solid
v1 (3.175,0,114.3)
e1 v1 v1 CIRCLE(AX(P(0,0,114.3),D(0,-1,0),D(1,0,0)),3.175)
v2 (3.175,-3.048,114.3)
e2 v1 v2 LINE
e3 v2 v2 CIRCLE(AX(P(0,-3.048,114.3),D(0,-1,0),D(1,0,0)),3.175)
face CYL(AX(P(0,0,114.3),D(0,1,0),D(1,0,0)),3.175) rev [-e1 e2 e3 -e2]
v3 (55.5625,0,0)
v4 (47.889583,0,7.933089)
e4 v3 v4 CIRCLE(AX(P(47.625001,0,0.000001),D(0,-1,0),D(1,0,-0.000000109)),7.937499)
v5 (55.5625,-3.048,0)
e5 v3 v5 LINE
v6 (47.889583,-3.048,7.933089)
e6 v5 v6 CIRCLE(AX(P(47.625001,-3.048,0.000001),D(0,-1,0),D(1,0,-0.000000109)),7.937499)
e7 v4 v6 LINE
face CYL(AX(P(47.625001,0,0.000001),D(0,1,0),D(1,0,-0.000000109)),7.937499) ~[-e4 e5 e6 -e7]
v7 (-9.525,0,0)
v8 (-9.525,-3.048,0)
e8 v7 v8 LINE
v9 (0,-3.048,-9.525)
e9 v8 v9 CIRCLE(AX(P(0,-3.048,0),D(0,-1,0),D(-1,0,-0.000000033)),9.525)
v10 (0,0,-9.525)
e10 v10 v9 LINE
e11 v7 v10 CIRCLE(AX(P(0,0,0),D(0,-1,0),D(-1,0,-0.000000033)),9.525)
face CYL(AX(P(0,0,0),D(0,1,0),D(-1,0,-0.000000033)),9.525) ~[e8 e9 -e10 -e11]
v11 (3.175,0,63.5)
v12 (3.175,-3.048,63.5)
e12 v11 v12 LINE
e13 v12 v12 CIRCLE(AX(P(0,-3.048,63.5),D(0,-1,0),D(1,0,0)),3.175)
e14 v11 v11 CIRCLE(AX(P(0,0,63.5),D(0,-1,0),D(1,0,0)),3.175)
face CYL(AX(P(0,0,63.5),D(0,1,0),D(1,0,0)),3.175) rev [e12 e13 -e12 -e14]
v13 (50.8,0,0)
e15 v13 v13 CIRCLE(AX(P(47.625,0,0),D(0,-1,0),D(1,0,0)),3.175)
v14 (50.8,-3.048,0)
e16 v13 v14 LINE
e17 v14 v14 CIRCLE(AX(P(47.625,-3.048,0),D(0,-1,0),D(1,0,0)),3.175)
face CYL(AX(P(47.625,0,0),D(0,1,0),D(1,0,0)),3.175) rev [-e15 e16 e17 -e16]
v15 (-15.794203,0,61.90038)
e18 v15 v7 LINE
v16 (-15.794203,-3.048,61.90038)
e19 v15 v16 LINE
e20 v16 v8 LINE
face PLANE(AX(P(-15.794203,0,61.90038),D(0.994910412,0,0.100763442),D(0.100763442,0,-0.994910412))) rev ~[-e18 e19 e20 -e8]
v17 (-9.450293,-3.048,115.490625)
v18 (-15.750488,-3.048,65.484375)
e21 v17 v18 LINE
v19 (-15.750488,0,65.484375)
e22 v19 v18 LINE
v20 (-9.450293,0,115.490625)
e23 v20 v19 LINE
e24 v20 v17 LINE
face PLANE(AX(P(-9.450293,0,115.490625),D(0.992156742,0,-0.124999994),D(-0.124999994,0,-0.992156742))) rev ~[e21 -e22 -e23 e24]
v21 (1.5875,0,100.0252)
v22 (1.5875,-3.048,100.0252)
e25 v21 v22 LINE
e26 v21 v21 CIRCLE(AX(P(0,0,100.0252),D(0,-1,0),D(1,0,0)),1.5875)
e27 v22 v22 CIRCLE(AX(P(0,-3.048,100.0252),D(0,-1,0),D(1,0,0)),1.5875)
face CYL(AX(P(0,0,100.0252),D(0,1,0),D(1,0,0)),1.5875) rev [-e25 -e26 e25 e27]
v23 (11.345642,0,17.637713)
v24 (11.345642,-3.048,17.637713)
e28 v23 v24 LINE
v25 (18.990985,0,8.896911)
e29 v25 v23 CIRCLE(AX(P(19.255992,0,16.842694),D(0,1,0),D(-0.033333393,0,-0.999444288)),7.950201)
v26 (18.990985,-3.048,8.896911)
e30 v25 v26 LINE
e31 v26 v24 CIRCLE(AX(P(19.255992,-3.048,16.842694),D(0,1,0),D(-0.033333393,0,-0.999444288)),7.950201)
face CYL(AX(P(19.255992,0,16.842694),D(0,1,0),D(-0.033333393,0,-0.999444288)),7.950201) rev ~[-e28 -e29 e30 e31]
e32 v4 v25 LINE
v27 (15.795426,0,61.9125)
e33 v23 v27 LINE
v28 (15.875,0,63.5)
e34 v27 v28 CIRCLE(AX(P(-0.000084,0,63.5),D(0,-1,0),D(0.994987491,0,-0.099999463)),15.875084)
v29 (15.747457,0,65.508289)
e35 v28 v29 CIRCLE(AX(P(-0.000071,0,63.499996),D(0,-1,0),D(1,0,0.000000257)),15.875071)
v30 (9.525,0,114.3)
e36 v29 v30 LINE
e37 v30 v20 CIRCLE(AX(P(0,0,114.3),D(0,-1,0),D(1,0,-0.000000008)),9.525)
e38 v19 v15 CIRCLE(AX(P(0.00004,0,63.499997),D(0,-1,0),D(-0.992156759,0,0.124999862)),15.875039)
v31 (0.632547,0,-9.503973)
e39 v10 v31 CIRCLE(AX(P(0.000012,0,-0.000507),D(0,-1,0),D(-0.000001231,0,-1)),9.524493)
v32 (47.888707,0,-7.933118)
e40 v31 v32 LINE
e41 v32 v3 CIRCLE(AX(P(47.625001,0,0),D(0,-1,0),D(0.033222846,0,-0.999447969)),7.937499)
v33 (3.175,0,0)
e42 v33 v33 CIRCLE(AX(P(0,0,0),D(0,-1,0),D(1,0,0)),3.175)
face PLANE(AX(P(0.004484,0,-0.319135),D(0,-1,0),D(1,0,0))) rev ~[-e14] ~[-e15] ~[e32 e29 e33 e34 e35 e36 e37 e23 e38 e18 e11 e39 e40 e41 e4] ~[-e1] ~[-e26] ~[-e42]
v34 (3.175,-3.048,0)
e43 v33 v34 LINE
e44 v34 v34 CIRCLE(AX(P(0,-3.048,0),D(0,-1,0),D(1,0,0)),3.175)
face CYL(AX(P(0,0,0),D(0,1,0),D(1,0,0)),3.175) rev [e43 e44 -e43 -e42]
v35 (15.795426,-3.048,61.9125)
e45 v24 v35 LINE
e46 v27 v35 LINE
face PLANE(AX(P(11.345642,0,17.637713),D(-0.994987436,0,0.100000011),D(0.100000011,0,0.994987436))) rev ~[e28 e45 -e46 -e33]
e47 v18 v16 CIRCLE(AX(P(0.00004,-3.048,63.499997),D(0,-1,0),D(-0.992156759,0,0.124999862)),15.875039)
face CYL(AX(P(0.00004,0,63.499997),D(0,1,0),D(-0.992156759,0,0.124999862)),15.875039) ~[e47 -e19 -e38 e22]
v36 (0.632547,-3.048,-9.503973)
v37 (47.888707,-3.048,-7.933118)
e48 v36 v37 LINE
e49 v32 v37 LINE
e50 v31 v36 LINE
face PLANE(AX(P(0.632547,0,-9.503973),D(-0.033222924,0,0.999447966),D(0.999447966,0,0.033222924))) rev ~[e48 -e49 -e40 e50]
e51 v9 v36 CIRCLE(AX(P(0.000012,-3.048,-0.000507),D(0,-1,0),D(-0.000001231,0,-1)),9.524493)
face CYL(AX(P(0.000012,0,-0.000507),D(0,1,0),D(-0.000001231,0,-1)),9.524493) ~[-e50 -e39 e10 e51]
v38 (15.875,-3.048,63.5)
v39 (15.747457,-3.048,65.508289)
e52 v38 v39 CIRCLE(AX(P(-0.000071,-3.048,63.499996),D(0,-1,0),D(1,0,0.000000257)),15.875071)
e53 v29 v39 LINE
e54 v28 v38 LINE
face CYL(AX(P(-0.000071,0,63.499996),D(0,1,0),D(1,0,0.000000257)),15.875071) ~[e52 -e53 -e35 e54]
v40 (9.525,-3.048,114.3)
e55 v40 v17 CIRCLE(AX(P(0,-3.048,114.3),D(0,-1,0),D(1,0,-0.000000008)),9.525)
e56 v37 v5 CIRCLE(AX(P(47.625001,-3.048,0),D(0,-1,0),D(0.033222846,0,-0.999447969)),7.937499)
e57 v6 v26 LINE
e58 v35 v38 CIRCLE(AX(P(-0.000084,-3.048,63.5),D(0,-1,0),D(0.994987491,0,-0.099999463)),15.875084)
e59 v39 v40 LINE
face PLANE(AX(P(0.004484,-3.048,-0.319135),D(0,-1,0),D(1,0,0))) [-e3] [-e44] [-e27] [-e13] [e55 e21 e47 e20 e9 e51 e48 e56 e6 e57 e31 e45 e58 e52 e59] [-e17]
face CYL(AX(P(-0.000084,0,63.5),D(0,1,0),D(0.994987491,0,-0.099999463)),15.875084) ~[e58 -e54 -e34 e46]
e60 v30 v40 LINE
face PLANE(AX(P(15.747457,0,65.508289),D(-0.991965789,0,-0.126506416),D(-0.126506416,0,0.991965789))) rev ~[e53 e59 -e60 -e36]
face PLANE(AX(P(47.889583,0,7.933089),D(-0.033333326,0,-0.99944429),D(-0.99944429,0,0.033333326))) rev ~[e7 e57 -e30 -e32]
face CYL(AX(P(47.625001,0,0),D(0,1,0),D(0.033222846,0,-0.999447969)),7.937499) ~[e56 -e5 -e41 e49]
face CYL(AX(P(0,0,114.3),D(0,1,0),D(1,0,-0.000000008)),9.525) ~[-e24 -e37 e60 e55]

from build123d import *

# Parameters (mm, degrees)
F0_R     = 3.175
F0_R_2   = 1.5875
F1_DEPTH = 3.048


with BuildPart() as f1:
    # F0 (on Front) → F1 (new body)
    with BuildSketch(Plane.XZ):
        with BuildLine():
            ThreePointArc((0.632547, -9.503973), (6.955237, -6.507711), (9.525, 0))
            ThreePointArc((9.525, 0), (0, 9.525), (-9.525, 0))
            ThreePointArc((-9.525, 0), (-6.735192, -6.735192), (0, -9.525))
            Line((0, -9.525), (0.632547, -9.503973))
        make_face()
        Circle(F0_R, mode=Mode.SUBTRACT)
        with BuildLine():
            ThreePointArc((-9.525, 0), (0, 9.525), (9.525, 0))
            ThreePointArc((9.525, 0), (6.955237, -6.507711), (0.632547, -9.503973))
            Line((0.632547, -9.503973), (47.888707, -7.933118))
            ThreePointArc((47.888707, -7.933118), (39.6875, 0.000438), (47.889583, 7.933089))
            Line((47.889583, 7.933089), (18.990985, 8.896911))
            ThreePointArc((18.990985, 8.896911), (13.271886, 11.608559), (11.345642, 17.637713))
            Line((11.345642, 17.637713), (15.795426, 61.9125))
            ThreePointArc((15.795426, 61.9125), (0.006091, 47.625001), (-15.794203, 61.90038))
            Line((-15.794203, 61.90038), (-9.525, 0))
        make_face()
        with BuildLine():
            ThreePointArc((0, -9.525), (0.316448, -9.519742), (0.632547, -9.503973))
            Line((0.632547, -9.503973), (0, -9.525))
        make_face()
        with BuildLine():
            ThreePointArc((-15.750488, 65.484375), (-15.873819, 63.693615), (-15.794203, 61.90038))
            ThreePointArc((-15.794203, 61.90038), (0.006091, 47.625001), (15.795426, 61.9125))
            ThreePointArc((15.795426, 61.9125), (15.855094, 62.705253), (15.875, 63.5))
            ThreePointArc((15.875, 63.5), (15.843082, 64.506168), (15.747457, 65.508289))
            ThreePointArc((15.747457, 65.508289), (-0.012053, 79.374995), (-15.750488, 65.484375))
        make_face()
        with Locations((0, 63.5)):
            Circle(F0_R, mode=Mode.SUBTRACT)
        with BuildLine():
            ThreePointArc((47.889583, 7.933089), (39.6875, 0.000438), (47.888707, -7.933118))
            ThreePointArc((47.888707, -7.933118), (53.330133, -5.518638), (55.5625, 0))
            ThreePointArc((55.5625, 0), (53.330438, 5.518323), (47.889583, 7.933089))
        make_face()
        with Locations((47.625, 0)):
            Circle(F0_R, mode=Mode.SUBTRACT)
        with BuildLine():
            Line((-9.450293, 115.490625), (-15.750488, 65.484375))
            ThreePointArc((-15.750488, 65.484375), (-0.012053, 79.374995), (15.747457, 65.508289))
            Line((15.747457, 65.508289), (9.525, 114.3))
            ThreePointArc((9.525, 114.3), (-0.596483, 104.793695), (-9.450293, 115.490625))
        make_face()
        with Locations((0, 100.0252)):
            Circle(F0_R_2, mode=Mode.SUBTRACT)
        with BuildLine():
            ThreePointArc((9.525, 114.3), (0.596483, 123.806305), (-9.450293, 115.490625))
            ThreePointArc((-9.450293, 115.490625), (-0.596483, 104.793695), (9.525, 114.3))
        make_face()
        with Locations((0, 114.3)):
            Circle(F0_R, mode=Mode.SUBTRACT)
    extrude(amount=F1_DEPTH)


solid = f1.part
